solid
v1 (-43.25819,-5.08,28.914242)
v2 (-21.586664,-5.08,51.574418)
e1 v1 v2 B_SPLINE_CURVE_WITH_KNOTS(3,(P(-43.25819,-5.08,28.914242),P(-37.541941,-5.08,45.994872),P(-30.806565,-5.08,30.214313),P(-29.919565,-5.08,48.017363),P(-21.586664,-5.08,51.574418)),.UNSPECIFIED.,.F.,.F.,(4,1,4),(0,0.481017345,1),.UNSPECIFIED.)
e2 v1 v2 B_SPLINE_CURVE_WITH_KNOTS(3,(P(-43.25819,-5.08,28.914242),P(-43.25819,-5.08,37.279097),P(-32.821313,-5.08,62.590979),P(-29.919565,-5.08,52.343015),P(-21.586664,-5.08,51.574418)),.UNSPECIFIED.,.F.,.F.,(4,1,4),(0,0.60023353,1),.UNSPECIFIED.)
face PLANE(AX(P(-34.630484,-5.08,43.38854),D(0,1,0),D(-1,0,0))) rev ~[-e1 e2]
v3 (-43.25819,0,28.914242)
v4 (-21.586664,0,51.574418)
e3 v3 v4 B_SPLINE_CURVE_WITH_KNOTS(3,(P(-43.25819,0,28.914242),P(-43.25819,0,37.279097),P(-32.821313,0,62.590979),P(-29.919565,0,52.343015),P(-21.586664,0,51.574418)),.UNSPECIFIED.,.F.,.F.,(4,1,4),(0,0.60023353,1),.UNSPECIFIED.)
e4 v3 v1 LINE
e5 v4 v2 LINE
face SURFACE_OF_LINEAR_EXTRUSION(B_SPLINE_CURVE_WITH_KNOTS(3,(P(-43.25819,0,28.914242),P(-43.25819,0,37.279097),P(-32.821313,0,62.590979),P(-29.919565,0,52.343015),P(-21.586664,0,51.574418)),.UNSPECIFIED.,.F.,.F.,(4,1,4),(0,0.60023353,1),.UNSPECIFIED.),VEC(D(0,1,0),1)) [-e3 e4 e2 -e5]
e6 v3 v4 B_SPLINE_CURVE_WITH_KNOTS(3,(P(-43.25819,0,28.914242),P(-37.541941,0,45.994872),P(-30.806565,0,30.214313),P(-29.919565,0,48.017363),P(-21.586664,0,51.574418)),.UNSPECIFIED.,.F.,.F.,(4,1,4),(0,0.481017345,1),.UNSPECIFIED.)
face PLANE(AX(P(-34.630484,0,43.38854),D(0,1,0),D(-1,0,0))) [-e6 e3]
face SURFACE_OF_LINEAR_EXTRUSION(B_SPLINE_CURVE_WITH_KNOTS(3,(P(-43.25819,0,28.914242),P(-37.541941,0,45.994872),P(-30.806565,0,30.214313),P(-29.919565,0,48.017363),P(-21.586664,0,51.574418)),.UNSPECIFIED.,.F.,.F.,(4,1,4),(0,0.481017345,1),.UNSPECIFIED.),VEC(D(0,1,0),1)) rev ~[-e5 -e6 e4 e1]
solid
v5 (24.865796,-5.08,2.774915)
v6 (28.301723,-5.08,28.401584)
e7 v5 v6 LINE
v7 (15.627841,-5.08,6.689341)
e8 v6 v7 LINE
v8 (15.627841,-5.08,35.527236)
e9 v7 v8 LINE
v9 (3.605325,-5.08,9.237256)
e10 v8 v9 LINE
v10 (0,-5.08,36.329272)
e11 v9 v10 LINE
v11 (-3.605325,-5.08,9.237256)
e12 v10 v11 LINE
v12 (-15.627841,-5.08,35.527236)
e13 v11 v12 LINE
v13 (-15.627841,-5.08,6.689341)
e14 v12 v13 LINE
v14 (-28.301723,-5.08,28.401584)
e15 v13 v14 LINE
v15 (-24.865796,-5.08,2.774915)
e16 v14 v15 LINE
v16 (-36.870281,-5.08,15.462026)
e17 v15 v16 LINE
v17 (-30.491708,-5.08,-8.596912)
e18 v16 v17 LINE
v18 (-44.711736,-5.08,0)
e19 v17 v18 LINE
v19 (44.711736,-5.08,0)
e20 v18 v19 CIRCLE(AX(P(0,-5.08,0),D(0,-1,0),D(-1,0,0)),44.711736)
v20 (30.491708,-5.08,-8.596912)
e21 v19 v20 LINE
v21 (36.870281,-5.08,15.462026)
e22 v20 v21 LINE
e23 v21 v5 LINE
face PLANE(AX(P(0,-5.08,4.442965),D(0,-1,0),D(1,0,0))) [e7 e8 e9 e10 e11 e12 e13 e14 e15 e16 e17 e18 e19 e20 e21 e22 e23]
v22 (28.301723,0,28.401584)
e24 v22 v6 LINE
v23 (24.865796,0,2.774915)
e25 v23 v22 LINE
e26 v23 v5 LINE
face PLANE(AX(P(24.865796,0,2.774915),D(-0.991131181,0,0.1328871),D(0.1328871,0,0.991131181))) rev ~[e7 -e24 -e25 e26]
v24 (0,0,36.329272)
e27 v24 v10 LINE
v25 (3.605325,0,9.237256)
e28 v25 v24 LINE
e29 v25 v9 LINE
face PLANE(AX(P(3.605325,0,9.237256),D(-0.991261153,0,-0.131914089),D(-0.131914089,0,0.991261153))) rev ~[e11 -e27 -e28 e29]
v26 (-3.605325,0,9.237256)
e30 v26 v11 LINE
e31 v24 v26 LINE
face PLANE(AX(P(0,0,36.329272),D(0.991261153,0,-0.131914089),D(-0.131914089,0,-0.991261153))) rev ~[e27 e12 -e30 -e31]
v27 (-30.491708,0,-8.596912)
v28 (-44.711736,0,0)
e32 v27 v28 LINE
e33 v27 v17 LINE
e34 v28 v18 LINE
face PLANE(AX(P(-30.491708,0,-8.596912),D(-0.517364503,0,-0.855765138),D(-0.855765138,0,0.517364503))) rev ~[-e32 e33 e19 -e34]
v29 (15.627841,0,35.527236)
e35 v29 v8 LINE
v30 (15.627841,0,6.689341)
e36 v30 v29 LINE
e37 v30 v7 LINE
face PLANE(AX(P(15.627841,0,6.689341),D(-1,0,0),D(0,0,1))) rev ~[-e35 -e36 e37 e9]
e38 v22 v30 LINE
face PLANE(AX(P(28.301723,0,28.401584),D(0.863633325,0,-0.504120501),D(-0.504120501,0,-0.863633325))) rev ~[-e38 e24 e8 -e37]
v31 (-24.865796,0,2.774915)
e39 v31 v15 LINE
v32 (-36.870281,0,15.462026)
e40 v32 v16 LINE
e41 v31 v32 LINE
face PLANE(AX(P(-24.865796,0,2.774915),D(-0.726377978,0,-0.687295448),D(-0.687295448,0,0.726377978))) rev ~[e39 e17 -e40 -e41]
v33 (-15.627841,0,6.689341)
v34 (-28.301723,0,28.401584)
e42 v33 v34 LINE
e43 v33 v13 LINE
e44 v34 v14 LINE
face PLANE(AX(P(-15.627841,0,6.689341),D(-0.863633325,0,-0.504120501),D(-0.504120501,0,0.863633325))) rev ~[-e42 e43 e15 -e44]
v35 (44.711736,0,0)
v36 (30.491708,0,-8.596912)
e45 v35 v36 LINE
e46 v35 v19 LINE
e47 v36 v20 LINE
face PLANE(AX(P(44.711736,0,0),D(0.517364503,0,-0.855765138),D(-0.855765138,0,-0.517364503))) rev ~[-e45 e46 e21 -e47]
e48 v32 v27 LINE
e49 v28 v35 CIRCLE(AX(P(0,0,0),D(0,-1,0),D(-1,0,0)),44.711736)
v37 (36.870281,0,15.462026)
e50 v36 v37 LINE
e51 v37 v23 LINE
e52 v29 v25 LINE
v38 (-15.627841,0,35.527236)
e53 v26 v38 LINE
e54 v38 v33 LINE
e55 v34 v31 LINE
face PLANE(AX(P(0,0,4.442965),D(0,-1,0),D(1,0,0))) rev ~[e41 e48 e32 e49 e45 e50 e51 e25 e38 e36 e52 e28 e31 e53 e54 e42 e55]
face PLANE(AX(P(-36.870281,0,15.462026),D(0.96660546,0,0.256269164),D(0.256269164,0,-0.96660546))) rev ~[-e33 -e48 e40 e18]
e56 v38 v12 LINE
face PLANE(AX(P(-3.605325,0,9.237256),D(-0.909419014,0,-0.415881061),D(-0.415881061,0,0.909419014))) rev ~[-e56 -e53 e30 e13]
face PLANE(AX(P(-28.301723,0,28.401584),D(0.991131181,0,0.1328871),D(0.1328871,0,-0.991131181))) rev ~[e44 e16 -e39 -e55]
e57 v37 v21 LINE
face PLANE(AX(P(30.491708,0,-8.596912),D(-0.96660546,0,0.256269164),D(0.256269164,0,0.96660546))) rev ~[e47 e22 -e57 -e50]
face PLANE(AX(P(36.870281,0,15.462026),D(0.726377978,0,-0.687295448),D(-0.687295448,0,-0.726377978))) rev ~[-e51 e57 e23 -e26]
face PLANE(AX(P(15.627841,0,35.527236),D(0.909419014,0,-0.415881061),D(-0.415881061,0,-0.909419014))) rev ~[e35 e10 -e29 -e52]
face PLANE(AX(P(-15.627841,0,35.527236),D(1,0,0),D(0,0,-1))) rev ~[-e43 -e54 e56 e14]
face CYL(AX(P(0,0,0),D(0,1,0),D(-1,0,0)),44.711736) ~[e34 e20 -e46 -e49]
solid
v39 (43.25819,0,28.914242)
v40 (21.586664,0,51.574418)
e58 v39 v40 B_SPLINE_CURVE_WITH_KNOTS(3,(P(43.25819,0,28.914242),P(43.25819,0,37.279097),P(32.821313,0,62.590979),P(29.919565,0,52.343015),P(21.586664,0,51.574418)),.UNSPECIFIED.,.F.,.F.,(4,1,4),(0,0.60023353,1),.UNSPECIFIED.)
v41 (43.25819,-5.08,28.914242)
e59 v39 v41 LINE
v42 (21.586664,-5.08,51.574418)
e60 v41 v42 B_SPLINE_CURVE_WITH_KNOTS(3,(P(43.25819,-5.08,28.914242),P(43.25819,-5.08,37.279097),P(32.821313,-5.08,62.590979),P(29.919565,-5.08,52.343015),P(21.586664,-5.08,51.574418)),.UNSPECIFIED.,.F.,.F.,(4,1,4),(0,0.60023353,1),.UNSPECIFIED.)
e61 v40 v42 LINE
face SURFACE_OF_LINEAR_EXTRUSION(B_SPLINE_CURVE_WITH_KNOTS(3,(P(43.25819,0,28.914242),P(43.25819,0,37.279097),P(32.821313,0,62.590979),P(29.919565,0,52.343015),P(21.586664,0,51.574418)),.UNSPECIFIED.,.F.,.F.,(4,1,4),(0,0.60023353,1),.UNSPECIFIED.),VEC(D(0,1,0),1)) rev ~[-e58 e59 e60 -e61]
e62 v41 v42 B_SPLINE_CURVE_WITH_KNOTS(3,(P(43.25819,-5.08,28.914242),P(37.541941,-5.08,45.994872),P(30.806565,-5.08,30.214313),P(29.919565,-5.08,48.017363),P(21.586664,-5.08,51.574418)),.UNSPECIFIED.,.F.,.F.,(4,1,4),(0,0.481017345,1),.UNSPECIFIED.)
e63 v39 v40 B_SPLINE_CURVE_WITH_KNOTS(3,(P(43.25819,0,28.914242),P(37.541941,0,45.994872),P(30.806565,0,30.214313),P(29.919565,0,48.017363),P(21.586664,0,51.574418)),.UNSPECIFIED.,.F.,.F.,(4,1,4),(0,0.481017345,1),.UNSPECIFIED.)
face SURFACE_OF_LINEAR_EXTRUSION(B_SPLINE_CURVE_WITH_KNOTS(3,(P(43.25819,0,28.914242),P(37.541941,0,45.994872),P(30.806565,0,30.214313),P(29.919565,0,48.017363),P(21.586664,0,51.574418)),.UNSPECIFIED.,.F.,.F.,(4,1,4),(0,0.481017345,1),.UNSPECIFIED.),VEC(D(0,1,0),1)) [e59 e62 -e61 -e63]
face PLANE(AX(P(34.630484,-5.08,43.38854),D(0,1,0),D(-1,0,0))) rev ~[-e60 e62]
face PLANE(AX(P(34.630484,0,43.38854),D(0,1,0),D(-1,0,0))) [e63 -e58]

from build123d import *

# Parameters (mm, degrees)
F1_DEPTH = 5.08


with BuildPart() as f1:
    # F0 (on Front) → F1 (new body)
    with BuildSketch(Plane.XZ):
        with BuildLine():
            Line((-30.4917079704, -8.5969122879), (-44.7117361696, 0))
            ThreePointArc((-44.7117361696, 0), (0, -44.7117361696), (44.7117361696, 0))
            Line((44.7117361696, 0), (30.4917079704, -8.5969122879))
            Line((30.4917079704, -8.5969122879), (36.8702813996, 15.4620256321))
            Line((36.8702813996, 15.4620256321), (24.8657964922, 2.7749148631))
            Line((24.8657964922, 2.7749148631), (28.3017228247, 28.4015839336))
            Line((28.3017228247, 28.4015839336), (15.6278407007, 6.6893406487))
            Line((15.6278407007, 6.6893406487), (15.6278407007, 35.5272355899))
            Line((15.6278407007, 35.5272355899), (3.6053249558, 9.237256494))
            Line((3.6053249558, 9.237256494), (0, 36.3292721449))
            Line((0, 36.3292721449), (-3.6053249558, 9.237256494))
            Line((-3.6053249558, 9.237256494), (-15.6278407007, 35.5272355899))
            Line((-15.6278407007, 35.5272355899), (-15.6278407007, 6.6893406487))
            Line((-15.6278407007, 6.6893406487), (-28.3017228247, 28.4015839336))
            Line((-28.3017228247, 28.4015839336), (-24.8657964922, 2.7749148631))
            Line((-24.8657964922, 2.7749148631), (-36.8702813996, 15.4620256321))
            Line((-36.8702813996, 15.4620256321), (-30.4917079704, -8.5969122879))
        make_face()
    extrude(amount=F1_DEPTH)


with BuildPart() as f1b:
    # F0 (on Front) → F1, piece 2 (new body)
    with BuildSketch(Plane.XZ):
        with BuildLine():
            add(Edge.make_bspline(
                [(-43.2581901172, 28.9142417867), (-43.2581901172, 37.2790971041), (-32.8213132961, 62.5909789579), (-29.919565422, 52.343014737), (-21.5866644317, 51.5744184906)],
                knots=[0, 0, 0, 0, 0.6002335301, 1, 1, 1, 1], degree=3))
            add(Edge.make_bspline(
                [(-43.2581901172, 28.9142417867), (-37.5419406421, 45.9948715537), (-30.8065651402, 30.2143125781), (-29.919565422, 48.017363362), (-21.5866644317, 51.5744184906)],
                knots=[0, 0, 0, 0, 0.4810173452, 1, 1, 1, 1], degree=3))
        make_face()
    extrude(amount=F1_DEPTH)


with BuildPart() as f1c:
    # F0 (on Front) → F1, piece 3 (new body)
    with BuildSketch(Plane.XZ):
        with BuildLine():
            add(Edge.make_bspline(
                [(43.2581901172, 28.9142417867), (37.5419406421, 45.9948715537), (30.8065651402, 30.2143125781), (29.919565422, 48.017363362), (21.5866644317, 51.5744184906)],
                knots=[0, 0, 0, 0, 0.4810173452, 1, 1, 1, 1], degree=3))
            add(Edge.make_bspline(
                [(43.2581901172, 28.9142417867), (43.2581901172, 37.2790971041), (32.8213132961, 62.5909789579), (29.919565422, 52.343014737), (21.5866644317, 51.5744184906)],
                knots=[0, 0, 0, 0, 0.6002335301, 1, 1, 1, 1], degree=3))
        make_face()
    extrude(amount=F1_DEPTH)


solid = Compound([f1.part, f1b.part, f1c.part])
